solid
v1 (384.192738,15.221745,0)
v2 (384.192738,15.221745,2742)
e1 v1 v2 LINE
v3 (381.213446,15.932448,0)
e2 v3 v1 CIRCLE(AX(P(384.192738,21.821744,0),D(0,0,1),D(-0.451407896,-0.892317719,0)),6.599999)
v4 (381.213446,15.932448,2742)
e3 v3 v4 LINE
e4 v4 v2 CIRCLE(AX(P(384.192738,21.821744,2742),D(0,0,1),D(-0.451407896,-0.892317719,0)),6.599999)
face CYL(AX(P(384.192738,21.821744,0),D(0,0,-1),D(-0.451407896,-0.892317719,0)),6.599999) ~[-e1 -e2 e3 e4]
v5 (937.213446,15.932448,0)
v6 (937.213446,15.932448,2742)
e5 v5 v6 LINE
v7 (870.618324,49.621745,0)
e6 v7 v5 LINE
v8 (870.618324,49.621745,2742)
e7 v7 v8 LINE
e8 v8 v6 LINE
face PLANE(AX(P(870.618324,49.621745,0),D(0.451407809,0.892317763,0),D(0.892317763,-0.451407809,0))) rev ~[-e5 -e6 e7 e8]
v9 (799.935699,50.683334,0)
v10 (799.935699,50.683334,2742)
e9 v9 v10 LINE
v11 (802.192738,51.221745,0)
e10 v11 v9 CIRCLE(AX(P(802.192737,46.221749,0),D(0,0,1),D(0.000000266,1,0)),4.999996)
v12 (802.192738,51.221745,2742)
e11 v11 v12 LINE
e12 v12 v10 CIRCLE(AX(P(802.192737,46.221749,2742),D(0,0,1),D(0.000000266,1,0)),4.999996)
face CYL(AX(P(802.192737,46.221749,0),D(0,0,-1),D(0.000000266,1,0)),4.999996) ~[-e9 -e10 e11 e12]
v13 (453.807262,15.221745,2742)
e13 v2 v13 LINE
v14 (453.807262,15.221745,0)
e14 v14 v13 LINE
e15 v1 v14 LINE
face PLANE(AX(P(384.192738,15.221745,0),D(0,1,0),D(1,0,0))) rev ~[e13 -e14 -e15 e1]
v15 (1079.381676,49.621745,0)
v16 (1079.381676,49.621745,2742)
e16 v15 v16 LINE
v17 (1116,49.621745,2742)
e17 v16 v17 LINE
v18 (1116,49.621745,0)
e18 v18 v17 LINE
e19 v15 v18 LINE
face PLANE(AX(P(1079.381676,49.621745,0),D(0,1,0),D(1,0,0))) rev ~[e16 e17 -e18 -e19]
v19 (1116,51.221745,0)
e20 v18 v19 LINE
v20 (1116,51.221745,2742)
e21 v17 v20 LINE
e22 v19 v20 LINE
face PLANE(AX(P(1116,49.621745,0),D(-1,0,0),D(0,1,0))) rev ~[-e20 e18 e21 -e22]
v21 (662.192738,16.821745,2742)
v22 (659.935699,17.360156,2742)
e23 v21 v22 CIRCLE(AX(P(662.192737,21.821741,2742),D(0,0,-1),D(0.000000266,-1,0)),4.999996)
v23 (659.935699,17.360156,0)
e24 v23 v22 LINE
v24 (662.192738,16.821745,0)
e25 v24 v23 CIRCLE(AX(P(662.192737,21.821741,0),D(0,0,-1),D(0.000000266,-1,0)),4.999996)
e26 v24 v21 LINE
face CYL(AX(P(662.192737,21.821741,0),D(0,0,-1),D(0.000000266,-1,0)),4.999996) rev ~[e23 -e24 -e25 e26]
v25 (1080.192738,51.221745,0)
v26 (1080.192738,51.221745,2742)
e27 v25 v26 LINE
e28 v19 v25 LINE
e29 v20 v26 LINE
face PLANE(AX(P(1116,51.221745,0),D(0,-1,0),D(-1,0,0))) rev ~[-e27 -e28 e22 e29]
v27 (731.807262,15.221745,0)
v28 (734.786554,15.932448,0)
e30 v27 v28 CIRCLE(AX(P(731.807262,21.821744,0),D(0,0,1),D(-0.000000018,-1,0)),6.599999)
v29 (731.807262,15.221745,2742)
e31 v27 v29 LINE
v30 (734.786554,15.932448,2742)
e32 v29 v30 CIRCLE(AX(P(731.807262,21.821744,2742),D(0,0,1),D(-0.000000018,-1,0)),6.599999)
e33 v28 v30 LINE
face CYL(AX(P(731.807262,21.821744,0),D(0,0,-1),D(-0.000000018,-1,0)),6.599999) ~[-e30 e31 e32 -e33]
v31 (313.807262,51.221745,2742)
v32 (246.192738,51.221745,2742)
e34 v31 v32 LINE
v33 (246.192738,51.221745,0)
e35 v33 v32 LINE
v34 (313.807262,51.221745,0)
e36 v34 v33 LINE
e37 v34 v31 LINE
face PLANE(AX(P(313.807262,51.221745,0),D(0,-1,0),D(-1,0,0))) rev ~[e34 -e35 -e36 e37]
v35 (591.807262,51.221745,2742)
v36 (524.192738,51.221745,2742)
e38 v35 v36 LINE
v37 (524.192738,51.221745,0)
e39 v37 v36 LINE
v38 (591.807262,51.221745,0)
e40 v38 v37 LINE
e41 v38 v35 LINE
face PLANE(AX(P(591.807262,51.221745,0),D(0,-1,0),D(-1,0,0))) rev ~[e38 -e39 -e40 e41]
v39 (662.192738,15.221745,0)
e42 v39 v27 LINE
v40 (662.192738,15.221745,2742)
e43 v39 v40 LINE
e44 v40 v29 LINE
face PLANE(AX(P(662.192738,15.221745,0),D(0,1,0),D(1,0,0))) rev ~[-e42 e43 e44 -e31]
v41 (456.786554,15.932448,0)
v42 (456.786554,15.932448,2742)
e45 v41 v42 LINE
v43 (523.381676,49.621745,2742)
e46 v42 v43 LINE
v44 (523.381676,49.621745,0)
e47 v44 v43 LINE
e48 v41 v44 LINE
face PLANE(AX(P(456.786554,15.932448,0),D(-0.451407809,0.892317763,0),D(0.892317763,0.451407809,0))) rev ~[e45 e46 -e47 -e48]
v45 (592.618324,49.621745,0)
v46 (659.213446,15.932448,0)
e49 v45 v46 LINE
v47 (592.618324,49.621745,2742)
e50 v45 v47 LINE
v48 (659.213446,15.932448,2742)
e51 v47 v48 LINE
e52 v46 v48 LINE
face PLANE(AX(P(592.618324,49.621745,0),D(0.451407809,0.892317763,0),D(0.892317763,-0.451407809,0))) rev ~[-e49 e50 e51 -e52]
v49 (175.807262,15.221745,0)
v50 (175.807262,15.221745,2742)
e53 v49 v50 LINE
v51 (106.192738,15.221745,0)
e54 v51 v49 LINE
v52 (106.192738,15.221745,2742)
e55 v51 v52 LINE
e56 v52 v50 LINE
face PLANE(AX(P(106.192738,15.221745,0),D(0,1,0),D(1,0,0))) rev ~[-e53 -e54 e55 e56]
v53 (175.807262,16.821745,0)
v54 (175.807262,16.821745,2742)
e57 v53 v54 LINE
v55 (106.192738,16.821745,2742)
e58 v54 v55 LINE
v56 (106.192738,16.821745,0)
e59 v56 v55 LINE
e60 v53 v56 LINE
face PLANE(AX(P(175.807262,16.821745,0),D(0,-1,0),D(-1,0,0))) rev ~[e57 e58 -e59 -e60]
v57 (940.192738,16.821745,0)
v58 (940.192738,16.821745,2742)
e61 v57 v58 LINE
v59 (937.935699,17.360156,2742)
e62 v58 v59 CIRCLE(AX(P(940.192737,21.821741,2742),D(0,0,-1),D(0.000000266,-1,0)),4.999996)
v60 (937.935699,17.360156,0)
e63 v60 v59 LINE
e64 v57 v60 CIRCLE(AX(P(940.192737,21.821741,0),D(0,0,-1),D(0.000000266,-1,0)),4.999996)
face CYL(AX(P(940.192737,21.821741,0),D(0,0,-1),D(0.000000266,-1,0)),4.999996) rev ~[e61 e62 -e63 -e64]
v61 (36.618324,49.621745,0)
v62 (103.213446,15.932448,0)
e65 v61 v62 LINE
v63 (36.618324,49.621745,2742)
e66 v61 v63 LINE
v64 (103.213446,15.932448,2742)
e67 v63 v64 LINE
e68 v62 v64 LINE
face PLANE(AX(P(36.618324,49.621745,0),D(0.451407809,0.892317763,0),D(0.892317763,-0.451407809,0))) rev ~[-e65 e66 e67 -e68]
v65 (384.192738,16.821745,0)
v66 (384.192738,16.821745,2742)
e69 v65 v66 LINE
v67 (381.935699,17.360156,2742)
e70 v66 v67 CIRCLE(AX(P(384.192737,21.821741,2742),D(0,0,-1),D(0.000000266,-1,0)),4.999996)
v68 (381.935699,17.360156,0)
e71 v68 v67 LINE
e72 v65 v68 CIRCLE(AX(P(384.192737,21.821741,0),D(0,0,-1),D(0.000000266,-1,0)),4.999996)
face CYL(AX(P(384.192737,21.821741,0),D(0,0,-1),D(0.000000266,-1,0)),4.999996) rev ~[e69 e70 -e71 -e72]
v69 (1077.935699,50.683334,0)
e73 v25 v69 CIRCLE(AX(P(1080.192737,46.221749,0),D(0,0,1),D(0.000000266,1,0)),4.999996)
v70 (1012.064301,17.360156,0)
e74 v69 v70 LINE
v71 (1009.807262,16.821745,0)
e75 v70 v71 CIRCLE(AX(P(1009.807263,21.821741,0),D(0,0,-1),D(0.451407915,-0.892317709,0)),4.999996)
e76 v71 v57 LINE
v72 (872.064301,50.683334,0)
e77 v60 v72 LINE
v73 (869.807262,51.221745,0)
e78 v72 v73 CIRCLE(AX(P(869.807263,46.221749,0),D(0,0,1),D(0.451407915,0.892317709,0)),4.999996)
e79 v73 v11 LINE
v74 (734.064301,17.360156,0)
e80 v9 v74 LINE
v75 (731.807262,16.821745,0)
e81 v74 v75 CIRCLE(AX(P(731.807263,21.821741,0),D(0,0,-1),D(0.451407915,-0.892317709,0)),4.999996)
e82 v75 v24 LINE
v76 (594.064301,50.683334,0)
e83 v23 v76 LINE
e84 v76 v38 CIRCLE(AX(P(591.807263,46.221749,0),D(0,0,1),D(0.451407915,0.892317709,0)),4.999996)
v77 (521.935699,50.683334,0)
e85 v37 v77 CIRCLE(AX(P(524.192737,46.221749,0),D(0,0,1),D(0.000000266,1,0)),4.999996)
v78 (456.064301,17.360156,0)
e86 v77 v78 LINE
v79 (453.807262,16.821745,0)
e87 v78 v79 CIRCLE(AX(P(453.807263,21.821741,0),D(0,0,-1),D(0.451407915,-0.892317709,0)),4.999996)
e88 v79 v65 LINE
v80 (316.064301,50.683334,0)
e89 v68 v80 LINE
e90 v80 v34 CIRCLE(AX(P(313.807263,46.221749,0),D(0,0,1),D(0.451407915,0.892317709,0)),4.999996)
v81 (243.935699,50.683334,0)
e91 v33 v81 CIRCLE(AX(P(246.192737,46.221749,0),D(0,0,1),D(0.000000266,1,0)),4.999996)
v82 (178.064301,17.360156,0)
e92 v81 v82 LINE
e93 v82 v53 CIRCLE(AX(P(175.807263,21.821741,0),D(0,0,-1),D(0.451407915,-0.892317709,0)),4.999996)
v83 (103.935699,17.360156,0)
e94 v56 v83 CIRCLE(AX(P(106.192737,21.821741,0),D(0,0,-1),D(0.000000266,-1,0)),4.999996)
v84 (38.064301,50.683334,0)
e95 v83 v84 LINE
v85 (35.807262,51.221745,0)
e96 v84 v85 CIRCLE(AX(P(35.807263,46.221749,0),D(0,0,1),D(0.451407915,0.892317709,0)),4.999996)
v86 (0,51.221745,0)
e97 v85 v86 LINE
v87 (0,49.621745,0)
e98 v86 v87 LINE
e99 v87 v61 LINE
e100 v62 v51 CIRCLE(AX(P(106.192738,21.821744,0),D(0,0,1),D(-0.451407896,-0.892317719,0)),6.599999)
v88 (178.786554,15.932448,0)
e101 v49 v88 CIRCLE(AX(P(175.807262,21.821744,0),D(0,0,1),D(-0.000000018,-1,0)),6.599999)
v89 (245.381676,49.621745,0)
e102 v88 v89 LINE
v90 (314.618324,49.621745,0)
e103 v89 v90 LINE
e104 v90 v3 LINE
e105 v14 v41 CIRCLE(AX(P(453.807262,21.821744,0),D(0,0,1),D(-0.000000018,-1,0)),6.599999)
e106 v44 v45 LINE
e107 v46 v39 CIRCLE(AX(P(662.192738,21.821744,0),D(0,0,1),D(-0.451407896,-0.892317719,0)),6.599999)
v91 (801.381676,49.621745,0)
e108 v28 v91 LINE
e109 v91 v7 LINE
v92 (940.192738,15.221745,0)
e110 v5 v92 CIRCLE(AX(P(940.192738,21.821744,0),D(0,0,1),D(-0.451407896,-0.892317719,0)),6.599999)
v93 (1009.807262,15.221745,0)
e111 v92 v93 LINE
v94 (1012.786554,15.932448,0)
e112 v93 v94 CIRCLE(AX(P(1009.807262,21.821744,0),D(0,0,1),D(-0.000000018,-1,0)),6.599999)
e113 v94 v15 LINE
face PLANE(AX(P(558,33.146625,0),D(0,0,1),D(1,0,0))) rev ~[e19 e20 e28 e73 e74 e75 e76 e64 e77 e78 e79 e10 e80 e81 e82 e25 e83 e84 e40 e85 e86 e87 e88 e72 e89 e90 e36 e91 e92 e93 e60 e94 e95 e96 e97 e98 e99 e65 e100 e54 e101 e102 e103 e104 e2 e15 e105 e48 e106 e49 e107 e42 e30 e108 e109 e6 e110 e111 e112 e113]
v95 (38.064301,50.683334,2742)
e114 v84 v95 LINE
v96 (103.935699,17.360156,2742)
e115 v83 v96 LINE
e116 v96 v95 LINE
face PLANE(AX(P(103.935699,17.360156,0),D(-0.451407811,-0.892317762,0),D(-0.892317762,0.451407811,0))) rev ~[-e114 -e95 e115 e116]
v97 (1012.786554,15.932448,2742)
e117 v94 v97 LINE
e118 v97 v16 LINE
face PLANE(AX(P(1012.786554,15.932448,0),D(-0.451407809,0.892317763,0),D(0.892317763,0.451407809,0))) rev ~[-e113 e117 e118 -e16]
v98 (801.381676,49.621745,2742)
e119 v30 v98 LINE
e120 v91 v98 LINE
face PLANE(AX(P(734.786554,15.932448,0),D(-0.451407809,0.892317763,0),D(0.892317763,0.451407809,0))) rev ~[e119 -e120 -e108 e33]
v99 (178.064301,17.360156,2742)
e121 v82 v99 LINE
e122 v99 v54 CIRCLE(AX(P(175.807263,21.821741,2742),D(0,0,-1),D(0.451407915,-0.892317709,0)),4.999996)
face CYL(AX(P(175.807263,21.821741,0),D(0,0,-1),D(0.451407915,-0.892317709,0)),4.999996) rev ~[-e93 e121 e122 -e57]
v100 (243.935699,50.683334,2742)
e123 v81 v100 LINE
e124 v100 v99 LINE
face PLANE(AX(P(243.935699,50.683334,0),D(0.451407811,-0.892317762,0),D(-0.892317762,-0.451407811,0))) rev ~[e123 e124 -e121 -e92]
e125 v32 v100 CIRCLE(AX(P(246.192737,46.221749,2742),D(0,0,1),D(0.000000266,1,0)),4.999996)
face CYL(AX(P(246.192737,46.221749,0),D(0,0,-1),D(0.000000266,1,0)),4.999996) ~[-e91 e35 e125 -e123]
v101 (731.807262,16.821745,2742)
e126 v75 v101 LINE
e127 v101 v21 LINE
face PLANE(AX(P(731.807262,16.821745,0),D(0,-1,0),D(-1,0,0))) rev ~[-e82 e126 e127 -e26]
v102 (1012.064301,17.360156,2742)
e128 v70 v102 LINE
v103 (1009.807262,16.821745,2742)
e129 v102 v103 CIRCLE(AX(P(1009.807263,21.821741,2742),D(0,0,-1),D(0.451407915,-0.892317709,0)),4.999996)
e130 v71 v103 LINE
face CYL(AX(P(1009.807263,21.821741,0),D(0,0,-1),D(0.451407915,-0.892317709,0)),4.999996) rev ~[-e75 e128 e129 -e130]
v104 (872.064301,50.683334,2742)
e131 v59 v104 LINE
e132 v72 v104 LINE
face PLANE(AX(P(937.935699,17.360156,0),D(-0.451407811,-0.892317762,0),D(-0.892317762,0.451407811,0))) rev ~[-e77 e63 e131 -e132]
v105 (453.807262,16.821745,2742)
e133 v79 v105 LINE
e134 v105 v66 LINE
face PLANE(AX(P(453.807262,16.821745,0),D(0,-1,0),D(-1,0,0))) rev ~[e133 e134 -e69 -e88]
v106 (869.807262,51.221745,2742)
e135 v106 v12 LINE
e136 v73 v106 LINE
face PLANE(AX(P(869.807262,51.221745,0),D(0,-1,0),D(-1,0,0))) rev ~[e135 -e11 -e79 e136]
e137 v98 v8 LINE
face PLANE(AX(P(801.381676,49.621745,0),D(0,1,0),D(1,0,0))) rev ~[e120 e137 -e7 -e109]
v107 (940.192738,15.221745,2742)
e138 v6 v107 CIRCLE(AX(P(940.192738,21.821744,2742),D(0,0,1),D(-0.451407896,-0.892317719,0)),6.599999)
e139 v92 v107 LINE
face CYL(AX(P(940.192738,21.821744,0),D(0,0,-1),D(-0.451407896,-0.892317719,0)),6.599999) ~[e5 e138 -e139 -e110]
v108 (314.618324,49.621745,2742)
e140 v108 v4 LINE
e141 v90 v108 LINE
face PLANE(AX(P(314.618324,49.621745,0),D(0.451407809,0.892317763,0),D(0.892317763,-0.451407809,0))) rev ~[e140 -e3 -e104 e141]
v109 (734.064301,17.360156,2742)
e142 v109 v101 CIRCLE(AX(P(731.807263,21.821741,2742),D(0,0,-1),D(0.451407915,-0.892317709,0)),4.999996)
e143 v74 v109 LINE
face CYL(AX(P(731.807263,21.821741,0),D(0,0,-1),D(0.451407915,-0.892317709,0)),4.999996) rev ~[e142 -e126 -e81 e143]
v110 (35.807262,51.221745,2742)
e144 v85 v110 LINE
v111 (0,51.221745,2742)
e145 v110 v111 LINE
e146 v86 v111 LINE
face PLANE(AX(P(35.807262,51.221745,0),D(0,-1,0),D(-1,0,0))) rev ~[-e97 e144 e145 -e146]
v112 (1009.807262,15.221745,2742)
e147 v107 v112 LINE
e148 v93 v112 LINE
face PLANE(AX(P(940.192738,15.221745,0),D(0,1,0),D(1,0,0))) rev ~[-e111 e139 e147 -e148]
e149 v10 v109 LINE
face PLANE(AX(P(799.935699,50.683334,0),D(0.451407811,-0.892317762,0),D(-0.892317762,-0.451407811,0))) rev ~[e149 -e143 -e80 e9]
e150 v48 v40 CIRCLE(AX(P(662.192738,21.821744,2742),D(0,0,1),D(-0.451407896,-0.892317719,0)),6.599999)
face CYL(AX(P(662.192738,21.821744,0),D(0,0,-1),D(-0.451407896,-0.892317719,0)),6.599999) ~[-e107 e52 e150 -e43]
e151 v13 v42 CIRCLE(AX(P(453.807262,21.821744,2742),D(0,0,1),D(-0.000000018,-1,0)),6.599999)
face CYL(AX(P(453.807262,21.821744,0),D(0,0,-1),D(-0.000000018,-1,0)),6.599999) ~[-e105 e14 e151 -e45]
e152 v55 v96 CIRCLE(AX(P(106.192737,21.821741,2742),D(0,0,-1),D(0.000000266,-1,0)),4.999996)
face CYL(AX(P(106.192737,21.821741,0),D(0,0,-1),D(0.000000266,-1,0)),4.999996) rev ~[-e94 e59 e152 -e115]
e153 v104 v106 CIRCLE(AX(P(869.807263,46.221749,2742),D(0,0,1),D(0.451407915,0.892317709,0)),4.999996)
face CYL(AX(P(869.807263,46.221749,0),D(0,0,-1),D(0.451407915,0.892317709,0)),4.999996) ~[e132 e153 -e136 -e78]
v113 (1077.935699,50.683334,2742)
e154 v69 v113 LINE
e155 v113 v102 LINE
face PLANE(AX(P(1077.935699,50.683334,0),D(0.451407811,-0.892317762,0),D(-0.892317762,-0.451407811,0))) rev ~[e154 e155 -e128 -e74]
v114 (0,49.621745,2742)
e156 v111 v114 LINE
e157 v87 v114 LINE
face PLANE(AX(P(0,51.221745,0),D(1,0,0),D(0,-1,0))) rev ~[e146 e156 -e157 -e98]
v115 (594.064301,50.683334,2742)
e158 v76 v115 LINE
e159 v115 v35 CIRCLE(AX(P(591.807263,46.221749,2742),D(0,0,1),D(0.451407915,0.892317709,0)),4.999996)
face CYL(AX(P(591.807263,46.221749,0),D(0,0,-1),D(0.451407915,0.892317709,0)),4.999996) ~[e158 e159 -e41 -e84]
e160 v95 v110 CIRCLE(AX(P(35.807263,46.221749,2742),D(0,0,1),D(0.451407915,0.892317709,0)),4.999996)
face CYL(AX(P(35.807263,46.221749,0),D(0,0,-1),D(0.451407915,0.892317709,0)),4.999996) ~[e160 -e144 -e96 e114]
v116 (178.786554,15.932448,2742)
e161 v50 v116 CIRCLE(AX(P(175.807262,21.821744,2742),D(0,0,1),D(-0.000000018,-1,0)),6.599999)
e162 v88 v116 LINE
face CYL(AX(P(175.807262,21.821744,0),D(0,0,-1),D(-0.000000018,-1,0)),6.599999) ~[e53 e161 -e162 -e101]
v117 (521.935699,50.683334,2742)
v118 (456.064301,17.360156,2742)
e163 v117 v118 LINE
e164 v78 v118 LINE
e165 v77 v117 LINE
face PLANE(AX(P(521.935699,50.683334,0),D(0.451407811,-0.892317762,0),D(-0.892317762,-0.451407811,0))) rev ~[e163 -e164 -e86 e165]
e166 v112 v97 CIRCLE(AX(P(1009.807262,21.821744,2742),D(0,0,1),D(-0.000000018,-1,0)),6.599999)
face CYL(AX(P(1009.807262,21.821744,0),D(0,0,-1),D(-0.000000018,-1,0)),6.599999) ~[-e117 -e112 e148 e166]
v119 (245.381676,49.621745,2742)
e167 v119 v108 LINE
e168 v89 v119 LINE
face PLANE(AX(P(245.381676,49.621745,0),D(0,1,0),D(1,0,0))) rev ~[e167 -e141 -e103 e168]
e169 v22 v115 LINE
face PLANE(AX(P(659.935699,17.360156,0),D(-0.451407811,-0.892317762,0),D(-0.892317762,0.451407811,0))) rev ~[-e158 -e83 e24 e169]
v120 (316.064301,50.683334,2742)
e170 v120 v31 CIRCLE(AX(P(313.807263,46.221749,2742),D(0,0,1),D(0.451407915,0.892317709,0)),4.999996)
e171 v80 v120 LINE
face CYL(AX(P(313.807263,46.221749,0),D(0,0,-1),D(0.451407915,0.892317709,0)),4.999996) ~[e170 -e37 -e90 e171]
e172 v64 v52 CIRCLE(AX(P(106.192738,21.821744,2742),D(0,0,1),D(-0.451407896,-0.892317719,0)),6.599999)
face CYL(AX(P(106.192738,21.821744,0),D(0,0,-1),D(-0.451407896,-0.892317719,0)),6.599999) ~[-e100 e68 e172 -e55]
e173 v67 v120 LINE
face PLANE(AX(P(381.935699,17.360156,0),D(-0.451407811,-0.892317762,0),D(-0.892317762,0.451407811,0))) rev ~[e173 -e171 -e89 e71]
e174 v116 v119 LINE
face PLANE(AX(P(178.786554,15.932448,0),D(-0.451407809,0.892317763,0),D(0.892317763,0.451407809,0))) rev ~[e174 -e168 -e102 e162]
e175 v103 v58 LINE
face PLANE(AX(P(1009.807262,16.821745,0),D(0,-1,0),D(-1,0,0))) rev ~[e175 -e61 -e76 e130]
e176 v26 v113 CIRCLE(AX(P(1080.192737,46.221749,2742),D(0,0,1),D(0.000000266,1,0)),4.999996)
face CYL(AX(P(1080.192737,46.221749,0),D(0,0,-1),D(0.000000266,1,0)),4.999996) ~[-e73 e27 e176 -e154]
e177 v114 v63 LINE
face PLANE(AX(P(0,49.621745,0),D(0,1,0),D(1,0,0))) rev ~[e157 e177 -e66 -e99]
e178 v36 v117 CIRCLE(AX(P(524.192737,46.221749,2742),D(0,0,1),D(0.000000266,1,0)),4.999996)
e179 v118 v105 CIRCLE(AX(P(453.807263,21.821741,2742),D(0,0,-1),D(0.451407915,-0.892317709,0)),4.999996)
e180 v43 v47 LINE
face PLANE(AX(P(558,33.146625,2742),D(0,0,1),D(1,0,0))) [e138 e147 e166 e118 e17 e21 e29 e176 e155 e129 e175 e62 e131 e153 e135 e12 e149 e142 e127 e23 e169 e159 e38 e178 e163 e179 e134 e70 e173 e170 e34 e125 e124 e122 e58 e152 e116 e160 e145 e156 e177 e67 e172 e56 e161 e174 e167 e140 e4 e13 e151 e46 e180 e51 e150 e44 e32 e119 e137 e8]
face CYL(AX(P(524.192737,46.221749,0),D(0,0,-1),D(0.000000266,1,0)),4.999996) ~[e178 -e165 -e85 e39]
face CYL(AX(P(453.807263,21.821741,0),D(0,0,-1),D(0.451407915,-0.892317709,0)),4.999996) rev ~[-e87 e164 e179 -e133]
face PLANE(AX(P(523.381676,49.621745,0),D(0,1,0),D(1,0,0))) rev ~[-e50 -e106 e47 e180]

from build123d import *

# Parameters (mm, degrees)
F1_DEPTH = 2742


with BuildPart() as f1:
    # F0 (on Top) → F1 (new body)
    with BuildSketch(Plane.XY):
        with BuildLine():
            ThreePointArc((103.213446, 15.932448), (104.661294, 15.401879), (106.192738, 15.221745))
            Line((106.192738, 15.221745), (175.807262, 15.221745))
            ThreePointArc((175.807262, 15.221745), (177.338706, 15.401879), (178.786554, 15.932448))
            Line((178.786554, 15.932448), (245.381676, 49.621745))
            Line((245.381676, 49.621745), (314.618324, 49.621745))
            Line((314.618324, 49.621745), (381.213446, 15.932448))
            ThreePointArc((381.213446, 15.932448), (382.661294, 15.401879), (384.192738, 15.221745))
            Line((384.192738, 15.221745), (453.807262, 15.221745))
            ThreePointArc((453.807262, 15.221745), (455.338706, 15.401879), (456.786554, 15.932448))
            Line((456.786554, 15.932448), (523.381676, 49.621745))
            Line((523.381676, 49.621745), (592.618324, 49.621745))
            Line((592.618324, 49.621745), (659.213446, 15.932448))
            ThreePointArc((659.213446, 15.932448), (660.661294, 15.401879), (662.192738, 15.221745))
            Line((662.192738, 15.221745), (731.807262, 15.221745))
            ThreePointArc((731.807262, 15.221745), (733.338706, 15.401879), (734.786554, 15.932448))
            Line((734.786554, 15.932448), (801.381676, 49.621745))
            Line((801.381676, 49.621745), (870.618324, 49.621745))
            Line((870.618324, 49.621745), (937.213446, 15.932448))
            ThreePointArc((937.213446, 15.932448), (938.661294, 15.401879), (940.192738, 15.221745))
            Line((940.192738, 15.221745), (1009.807262, 15.221745))
            ThreePointArc((1009.807262, 15.221745), (1011.338706, 15.401879), (1012.786554, 15.932448))
            Line((1012.786554, 15.932448), (1079.381676, 49.621745))
            Line((1079.381676, 49.621745), (1116, 49.621745))
            Line((1116, 49.621745), (1116, 51.221745))
            Line((1116, 51.221745), (1080.192738, 51.221745))
            ThreePointArc((1080.192738, 51.221745), (1079.032553, 51.08528), (1077.935699, 50.683334))
            Line((1077.935699, 50.683334), (1012.064301, 17.360156))
            ThreePointArc((1012.064301, 17.360156), (1010.967447, 16.95821), (1009.807262, 16.821745))
            Line((1009.807262, 16.821745), (940.192738, 16.821745))
            ThreePointArc((940.192738, 16.821745), (939.032553, 16.95821), (937.935699, 17.360156))
            Line((937.935699, 17.360156), (872.064301, 50.683334))
            ThreePointArc((872.064301, 50.683334), (870.967447, 51.08528), (869.807262, 51.221745))
            Line((869.807262, 51.221745), (802.192738, 51.221745))
            ThreePointArc((802.192738, 51.221745), (801.032553, 51.08528), (799.935699, 50.683334))
            Line((799.935699, 50.683334), (734.064301, 17.360156))
            ThreePointArc((734.064301, 17.360156), (732.967447, 16.95821), (731.807262, 16.821745))
            Line((731.807262, 16.821745), (662.192738, 16.821745))
            ThreePointArc((662.192738, 16.821745), (661.032553, 16.95821), (659.935699, 17.360156))
            Line((659.935699, 17.360156), (594.064301, 50.683334))
            ThreePointArc((594.064301, 50.683334), (592.967447, 51.08528), (591.807262, 51.221745))
            Line((591.807262, 51.221745), (524.192738, 51.221745))
            ThreePointArc((524.192738, 51.221745), (523.032553, 51.08528), (521.935699, 50.683334))
            Line((521.935699, 50.683334), (456.064301, 17.360156))
            ThreePointArc((456.064301, 17.360156), (454.967447, 16.95821), (453.807262, 16.821745))
            Line((453.807262, 16.821745), (384.192738, 16.821745))
            ThreePointArc((384.192738, 16.821745), (383.032553, 16.95821), (381.935699, 17.360156))
            Line((381.935699, 17.360156), (316.064301, 50.683334))
            ThreePointArc((316.064301, 50.683334), (314.967447, 51.08528), (313.807262, 51.221745))
            Line((313.807262, 51.221745), (246.192738, 51.221745))
            ThreePointArc((246.192738, 51.221745), (245.032553, 51.08528), (243.935699, 50.683334))
            Line((243.935699, 50.683334), (178.064301, 17.360156))
            ThreePointArc((178.064301, 17.360156), (176.967447, 16.95821), (175.807262, 16.821745))
            Line((175.807262, 16.821745), (106.192738, 16.821745))
            ThreePointArc((106.192738, 16.821745), (105.032553, 16.95821), (103.935699, 17.360156))
            Line((103.935699, 17.360156), (38.064301, 50.683334))
            ThreePointArc((38.064301, 50.683334), (36.967447, 51.08528), (35.807262, 51.221745))
            Line((35.807262, 51.221745), (0, 51.221745))
            Line((0, 51.221745), (0, 49.621745))
            Line((0, 49.621745), (36.618324, 49.621745))
            Line((36.618324, 49.621745), (103.213446, 15.932448))
        make_face()
    extrude(amount=F1_DEPTH)


solid = f1.part
